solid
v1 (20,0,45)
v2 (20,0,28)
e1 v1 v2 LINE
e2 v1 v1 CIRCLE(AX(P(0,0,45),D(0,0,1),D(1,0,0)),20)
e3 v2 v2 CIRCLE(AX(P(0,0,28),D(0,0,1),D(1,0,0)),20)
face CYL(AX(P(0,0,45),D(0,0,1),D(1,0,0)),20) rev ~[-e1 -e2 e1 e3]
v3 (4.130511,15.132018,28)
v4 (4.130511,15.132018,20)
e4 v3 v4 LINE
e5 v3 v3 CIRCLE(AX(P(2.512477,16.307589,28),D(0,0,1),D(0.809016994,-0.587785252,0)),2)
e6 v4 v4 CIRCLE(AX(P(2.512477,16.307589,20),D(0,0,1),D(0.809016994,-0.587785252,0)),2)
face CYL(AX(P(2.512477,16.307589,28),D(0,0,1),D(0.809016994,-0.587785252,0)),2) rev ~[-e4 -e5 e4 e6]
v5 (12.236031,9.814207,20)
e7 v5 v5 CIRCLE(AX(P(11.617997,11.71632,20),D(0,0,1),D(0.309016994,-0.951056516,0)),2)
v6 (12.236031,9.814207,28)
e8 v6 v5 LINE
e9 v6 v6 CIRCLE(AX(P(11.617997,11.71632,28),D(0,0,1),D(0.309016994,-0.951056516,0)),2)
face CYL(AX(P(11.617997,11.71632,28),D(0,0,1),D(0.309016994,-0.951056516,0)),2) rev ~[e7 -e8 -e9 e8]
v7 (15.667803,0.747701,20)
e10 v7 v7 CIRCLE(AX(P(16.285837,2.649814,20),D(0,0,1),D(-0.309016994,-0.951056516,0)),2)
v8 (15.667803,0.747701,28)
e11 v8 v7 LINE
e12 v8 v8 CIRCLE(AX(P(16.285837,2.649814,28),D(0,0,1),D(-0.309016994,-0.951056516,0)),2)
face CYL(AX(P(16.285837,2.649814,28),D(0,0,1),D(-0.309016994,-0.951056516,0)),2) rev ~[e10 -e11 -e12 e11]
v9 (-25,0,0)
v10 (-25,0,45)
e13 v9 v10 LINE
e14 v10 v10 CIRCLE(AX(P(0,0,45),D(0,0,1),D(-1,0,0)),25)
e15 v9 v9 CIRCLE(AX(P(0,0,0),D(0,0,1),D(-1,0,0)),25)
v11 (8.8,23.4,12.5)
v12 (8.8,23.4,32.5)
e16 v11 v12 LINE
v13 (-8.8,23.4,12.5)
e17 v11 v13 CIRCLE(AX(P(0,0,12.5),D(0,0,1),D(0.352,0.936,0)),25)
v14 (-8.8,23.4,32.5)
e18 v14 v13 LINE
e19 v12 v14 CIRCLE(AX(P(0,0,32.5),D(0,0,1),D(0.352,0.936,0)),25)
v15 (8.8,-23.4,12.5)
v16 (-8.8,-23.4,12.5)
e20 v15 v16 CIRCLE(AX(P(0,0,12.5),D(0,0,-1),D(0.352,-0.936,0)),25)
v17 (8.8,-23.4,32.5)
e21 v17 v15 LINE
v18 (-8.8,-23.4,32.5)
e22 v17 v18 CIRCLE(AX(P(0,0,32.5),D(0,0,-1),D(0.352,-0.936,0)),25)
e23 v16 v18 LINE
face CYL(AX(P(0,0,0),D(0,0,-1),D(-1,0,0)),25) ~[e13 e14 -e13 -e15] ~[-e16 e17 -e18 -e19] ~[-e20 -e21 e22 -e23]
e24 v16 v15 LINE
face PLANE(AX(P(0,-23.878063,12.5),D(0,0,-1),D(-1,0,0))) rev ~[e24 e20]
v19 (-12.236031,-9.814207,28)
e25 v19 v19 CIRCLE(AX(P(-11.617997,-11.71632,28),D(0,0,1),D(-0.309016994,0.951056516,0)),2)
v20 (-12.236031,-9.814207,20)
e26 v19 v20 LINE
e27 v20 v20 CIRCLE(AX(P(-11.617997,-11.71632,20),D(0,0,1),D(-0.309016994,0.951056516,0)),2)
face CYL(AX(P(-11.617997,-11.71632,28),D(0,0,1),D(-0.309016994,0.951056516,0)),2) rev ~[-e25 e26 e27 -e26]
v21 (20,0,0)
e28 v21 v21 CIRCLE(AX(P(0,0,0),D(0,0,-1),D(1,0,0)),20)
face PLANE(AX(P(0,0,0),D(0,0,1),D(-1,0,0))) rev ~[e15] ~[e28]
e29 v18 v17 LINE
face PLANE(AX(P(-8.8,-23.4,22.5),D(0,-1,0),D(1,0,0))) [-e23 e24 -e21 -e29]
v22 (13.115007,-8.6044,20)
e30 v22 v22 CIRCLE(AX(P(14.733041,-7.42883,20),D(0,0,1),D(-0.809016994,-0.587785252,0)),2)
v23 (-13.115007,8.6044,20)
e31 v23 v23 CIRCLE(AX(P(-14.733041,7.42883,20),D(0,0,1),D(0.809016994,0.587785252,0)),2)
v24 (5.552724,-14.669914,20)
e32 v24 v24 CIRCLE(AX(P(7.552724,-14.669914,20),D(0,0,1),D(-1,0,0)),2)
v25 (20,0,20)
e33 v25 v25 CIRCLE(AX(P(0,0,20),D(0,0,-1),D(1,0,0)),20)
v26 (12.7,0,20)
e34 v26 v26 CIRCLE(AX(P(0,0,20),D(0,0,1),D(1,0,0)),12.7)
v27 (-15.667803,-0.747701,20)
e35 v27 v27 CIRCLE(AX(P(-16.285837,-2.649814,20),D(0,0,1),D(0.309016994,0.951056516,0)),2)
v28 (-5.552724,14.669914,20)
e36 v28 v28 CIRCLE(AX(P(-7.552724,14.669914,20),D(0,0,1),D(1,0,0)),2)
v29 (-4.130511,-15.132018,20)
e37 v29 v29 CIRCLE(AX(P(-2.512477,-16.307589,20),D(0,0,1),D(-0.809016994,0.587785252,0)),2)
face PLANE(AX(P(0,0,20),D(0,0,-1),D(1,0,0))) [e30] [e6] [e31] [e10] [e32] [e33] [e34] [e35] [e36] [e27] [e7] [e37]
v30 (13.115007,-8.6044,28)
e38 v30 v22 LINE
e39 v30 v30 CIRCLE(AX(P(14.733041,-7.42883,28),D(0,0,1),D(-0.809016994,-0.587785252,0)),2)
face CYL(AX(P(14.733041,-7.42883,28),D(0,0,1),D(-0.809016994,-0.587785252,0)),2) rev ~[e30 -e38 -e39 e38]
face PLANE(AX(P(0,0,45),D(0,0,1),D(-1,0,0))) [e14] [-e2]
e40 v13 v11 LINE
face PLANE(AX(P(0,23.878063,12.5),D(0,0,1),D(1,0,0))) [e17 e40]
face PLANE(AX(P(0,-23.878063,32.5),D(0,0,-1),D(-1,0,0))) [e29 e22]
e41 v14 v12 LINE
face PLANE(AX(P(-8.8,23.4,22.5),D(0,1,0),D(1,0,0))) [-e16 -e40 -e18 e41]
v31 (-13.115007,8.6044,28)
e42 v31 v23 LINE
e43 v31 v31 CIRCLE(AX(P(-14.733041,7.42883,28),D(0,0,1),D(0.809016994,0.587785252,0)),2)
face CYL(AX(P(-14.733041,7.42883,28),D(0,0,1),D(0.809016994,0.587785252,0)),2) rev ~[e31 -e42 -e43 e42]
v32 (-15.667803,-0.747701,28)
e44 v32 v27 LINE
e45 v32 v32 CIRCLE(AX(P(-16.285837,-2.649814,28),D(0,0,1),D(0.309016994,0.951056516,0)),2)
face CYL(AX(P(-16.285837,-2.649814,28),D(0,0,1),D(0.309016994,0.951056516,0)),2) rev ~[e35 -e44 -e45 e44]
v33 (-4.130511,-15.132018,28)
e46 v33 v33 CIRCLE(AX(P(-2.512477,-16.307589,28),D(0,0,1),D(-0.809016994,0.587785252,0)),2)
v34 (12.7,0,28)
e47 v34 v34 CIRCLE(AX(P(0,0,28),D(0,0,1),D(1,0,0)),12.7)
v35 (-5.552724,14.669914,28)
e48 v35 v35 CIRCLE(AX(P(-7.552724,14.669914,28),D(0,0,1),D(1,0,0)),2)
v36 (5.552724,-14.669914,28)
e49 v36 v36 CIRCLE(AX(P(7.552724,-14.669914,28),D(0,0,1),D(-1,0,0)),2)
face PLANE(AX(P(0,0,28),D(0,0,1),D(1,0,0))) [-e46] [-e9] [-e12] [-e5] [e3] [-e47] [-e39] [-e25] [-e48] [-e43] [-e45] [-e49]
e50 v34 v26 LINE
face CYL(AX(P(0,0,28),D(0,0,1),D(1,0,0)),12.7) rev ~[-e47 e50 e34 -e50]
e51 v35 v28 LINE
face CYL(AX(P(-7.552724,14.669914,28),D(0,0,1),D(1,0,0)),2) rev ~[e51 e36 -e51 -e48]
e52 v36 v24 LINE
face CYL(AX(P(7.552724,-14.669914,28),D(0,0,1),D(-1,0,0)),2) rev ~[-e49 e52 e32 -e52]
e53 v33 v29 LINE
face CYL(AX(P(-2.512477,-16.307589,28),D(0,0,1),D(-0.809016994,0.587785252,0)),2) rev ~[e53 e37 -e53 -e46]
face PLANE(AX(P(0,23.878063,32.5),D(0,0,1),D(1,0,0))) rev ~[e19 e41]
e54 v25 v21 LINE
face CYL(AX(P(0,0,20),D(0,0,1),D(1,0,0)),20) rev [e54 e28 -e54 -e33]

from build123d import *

# Parameters (mm, degrees)
SKETCH1_R           = 25
BOSS_EXTRUDE1_DEPTH = 45
SKETCH2_R           = 20
CUT_EXTRUDE1_DEPTH  = 17
SKETCH3_R           = 12.7
CUT_EXTRUDE2_DEPTH  = 18
SKETCH4_R           = 2
CUT_EXTRUDE3_DEPTH  = 46.099889135
CIRPATTERN1_COUNT   = 10
CUT_EXTRUDE4_START  = -20
SKETCH5_R           = 20
CUT_EXTRUDE4_DEPTH  = 20
CUT_EXTRUDE8_DEPTH  = 10


with BuildPart() as part:
    # Sketch1 → Boss-Extrude1 (new body)
    with BuildSketch(Plane.XY):
        with Locations(Location((0, 0, 0), (0, 0, 180))):
            Circle(SKETCH1_R)
    extrude(amount=BOSS_EXTRUDE1_DEPTH)

    # Sketch2 → Cut-Extrude1 (cut)
    with BuildSketch(Plane.XY.offset(45)):
        Circle(SKETCH2_R)
    extrude(amount=-CUT_EXTRUDE1_DEPTH, mode=Mode.SUBTRACT)

    # Sketch3 → Cut-Extrude2 (cut)
    with BuildSketch(Plane.XY.offset(28)):
        Circle(SKETCH3_R)
    extrude(amount=-CUT_EXTRUDE2_DEPTH, mode=Mode.SUBTRACT)

    # Sketch4 → Cut-Extrude3 (cut, through all)
    with BuildSketch(Plane.XY.offset(28)):
        with Locations((-7.552723676, 14.669913602)):
            Circle(SKETCH4_R)
    cut_extrude3 = extrude(amount=-CUT_EXTRUDE3_DEPTH, mode=Mode.SUBTRACT)

    # CirPattern1: Cut-Extrude3 ×10 about axis
    cirpattern1_axis = Axis((0, 0, 0), (0, 0, 1))
    for i in range(1, CIRPATTERN1_COUNT):
        add(cut_extrude3.rotate(cirpattern1_axis, i * 360 / CIRPATTERN1_COUNT), mode=Mode.SUBTRACT)

    # Sketch5 → Cut-Extrude4 (cut)
    with BuildSketch(Plane(origin=(0, 0, 0), x_dir=(-1, 0, 0), z_dir=(0, 0, -1)).offset(CUT_EXTRUDE4_START)):
        with Locations(Location((0, 0, 0), (0, 0, 180))):
            Circle(SKETCH5_R)
    extrude(amount=CUT_EXTRUDE4_DEPTH, mode=Mode.SUBTRACT)

    # Sketch8 → Cut-Extrude8 (cut, symmetric)
    with BuildSketch(Plane.XY.offset(22.5)):
        with BuildLine():
            Line((-8.8, 23.4), (8.8, 23.4))
            ThreePointArc((8.8, 23.4), (0, 25), (-8.8, 23.4))
        make_face()
        with BuildLine():
            Line((-8.8, -23.4), (8.8, -23.4))
            ThreePointArc((8.8, -23.4), (0, -25), (-8.8, -23.4))
        make_face()
    extrude(amount=CUT_EXTRUDE8_DEPTH, both=True, mode=Mode.SUBTRACT)


solid = part.part
